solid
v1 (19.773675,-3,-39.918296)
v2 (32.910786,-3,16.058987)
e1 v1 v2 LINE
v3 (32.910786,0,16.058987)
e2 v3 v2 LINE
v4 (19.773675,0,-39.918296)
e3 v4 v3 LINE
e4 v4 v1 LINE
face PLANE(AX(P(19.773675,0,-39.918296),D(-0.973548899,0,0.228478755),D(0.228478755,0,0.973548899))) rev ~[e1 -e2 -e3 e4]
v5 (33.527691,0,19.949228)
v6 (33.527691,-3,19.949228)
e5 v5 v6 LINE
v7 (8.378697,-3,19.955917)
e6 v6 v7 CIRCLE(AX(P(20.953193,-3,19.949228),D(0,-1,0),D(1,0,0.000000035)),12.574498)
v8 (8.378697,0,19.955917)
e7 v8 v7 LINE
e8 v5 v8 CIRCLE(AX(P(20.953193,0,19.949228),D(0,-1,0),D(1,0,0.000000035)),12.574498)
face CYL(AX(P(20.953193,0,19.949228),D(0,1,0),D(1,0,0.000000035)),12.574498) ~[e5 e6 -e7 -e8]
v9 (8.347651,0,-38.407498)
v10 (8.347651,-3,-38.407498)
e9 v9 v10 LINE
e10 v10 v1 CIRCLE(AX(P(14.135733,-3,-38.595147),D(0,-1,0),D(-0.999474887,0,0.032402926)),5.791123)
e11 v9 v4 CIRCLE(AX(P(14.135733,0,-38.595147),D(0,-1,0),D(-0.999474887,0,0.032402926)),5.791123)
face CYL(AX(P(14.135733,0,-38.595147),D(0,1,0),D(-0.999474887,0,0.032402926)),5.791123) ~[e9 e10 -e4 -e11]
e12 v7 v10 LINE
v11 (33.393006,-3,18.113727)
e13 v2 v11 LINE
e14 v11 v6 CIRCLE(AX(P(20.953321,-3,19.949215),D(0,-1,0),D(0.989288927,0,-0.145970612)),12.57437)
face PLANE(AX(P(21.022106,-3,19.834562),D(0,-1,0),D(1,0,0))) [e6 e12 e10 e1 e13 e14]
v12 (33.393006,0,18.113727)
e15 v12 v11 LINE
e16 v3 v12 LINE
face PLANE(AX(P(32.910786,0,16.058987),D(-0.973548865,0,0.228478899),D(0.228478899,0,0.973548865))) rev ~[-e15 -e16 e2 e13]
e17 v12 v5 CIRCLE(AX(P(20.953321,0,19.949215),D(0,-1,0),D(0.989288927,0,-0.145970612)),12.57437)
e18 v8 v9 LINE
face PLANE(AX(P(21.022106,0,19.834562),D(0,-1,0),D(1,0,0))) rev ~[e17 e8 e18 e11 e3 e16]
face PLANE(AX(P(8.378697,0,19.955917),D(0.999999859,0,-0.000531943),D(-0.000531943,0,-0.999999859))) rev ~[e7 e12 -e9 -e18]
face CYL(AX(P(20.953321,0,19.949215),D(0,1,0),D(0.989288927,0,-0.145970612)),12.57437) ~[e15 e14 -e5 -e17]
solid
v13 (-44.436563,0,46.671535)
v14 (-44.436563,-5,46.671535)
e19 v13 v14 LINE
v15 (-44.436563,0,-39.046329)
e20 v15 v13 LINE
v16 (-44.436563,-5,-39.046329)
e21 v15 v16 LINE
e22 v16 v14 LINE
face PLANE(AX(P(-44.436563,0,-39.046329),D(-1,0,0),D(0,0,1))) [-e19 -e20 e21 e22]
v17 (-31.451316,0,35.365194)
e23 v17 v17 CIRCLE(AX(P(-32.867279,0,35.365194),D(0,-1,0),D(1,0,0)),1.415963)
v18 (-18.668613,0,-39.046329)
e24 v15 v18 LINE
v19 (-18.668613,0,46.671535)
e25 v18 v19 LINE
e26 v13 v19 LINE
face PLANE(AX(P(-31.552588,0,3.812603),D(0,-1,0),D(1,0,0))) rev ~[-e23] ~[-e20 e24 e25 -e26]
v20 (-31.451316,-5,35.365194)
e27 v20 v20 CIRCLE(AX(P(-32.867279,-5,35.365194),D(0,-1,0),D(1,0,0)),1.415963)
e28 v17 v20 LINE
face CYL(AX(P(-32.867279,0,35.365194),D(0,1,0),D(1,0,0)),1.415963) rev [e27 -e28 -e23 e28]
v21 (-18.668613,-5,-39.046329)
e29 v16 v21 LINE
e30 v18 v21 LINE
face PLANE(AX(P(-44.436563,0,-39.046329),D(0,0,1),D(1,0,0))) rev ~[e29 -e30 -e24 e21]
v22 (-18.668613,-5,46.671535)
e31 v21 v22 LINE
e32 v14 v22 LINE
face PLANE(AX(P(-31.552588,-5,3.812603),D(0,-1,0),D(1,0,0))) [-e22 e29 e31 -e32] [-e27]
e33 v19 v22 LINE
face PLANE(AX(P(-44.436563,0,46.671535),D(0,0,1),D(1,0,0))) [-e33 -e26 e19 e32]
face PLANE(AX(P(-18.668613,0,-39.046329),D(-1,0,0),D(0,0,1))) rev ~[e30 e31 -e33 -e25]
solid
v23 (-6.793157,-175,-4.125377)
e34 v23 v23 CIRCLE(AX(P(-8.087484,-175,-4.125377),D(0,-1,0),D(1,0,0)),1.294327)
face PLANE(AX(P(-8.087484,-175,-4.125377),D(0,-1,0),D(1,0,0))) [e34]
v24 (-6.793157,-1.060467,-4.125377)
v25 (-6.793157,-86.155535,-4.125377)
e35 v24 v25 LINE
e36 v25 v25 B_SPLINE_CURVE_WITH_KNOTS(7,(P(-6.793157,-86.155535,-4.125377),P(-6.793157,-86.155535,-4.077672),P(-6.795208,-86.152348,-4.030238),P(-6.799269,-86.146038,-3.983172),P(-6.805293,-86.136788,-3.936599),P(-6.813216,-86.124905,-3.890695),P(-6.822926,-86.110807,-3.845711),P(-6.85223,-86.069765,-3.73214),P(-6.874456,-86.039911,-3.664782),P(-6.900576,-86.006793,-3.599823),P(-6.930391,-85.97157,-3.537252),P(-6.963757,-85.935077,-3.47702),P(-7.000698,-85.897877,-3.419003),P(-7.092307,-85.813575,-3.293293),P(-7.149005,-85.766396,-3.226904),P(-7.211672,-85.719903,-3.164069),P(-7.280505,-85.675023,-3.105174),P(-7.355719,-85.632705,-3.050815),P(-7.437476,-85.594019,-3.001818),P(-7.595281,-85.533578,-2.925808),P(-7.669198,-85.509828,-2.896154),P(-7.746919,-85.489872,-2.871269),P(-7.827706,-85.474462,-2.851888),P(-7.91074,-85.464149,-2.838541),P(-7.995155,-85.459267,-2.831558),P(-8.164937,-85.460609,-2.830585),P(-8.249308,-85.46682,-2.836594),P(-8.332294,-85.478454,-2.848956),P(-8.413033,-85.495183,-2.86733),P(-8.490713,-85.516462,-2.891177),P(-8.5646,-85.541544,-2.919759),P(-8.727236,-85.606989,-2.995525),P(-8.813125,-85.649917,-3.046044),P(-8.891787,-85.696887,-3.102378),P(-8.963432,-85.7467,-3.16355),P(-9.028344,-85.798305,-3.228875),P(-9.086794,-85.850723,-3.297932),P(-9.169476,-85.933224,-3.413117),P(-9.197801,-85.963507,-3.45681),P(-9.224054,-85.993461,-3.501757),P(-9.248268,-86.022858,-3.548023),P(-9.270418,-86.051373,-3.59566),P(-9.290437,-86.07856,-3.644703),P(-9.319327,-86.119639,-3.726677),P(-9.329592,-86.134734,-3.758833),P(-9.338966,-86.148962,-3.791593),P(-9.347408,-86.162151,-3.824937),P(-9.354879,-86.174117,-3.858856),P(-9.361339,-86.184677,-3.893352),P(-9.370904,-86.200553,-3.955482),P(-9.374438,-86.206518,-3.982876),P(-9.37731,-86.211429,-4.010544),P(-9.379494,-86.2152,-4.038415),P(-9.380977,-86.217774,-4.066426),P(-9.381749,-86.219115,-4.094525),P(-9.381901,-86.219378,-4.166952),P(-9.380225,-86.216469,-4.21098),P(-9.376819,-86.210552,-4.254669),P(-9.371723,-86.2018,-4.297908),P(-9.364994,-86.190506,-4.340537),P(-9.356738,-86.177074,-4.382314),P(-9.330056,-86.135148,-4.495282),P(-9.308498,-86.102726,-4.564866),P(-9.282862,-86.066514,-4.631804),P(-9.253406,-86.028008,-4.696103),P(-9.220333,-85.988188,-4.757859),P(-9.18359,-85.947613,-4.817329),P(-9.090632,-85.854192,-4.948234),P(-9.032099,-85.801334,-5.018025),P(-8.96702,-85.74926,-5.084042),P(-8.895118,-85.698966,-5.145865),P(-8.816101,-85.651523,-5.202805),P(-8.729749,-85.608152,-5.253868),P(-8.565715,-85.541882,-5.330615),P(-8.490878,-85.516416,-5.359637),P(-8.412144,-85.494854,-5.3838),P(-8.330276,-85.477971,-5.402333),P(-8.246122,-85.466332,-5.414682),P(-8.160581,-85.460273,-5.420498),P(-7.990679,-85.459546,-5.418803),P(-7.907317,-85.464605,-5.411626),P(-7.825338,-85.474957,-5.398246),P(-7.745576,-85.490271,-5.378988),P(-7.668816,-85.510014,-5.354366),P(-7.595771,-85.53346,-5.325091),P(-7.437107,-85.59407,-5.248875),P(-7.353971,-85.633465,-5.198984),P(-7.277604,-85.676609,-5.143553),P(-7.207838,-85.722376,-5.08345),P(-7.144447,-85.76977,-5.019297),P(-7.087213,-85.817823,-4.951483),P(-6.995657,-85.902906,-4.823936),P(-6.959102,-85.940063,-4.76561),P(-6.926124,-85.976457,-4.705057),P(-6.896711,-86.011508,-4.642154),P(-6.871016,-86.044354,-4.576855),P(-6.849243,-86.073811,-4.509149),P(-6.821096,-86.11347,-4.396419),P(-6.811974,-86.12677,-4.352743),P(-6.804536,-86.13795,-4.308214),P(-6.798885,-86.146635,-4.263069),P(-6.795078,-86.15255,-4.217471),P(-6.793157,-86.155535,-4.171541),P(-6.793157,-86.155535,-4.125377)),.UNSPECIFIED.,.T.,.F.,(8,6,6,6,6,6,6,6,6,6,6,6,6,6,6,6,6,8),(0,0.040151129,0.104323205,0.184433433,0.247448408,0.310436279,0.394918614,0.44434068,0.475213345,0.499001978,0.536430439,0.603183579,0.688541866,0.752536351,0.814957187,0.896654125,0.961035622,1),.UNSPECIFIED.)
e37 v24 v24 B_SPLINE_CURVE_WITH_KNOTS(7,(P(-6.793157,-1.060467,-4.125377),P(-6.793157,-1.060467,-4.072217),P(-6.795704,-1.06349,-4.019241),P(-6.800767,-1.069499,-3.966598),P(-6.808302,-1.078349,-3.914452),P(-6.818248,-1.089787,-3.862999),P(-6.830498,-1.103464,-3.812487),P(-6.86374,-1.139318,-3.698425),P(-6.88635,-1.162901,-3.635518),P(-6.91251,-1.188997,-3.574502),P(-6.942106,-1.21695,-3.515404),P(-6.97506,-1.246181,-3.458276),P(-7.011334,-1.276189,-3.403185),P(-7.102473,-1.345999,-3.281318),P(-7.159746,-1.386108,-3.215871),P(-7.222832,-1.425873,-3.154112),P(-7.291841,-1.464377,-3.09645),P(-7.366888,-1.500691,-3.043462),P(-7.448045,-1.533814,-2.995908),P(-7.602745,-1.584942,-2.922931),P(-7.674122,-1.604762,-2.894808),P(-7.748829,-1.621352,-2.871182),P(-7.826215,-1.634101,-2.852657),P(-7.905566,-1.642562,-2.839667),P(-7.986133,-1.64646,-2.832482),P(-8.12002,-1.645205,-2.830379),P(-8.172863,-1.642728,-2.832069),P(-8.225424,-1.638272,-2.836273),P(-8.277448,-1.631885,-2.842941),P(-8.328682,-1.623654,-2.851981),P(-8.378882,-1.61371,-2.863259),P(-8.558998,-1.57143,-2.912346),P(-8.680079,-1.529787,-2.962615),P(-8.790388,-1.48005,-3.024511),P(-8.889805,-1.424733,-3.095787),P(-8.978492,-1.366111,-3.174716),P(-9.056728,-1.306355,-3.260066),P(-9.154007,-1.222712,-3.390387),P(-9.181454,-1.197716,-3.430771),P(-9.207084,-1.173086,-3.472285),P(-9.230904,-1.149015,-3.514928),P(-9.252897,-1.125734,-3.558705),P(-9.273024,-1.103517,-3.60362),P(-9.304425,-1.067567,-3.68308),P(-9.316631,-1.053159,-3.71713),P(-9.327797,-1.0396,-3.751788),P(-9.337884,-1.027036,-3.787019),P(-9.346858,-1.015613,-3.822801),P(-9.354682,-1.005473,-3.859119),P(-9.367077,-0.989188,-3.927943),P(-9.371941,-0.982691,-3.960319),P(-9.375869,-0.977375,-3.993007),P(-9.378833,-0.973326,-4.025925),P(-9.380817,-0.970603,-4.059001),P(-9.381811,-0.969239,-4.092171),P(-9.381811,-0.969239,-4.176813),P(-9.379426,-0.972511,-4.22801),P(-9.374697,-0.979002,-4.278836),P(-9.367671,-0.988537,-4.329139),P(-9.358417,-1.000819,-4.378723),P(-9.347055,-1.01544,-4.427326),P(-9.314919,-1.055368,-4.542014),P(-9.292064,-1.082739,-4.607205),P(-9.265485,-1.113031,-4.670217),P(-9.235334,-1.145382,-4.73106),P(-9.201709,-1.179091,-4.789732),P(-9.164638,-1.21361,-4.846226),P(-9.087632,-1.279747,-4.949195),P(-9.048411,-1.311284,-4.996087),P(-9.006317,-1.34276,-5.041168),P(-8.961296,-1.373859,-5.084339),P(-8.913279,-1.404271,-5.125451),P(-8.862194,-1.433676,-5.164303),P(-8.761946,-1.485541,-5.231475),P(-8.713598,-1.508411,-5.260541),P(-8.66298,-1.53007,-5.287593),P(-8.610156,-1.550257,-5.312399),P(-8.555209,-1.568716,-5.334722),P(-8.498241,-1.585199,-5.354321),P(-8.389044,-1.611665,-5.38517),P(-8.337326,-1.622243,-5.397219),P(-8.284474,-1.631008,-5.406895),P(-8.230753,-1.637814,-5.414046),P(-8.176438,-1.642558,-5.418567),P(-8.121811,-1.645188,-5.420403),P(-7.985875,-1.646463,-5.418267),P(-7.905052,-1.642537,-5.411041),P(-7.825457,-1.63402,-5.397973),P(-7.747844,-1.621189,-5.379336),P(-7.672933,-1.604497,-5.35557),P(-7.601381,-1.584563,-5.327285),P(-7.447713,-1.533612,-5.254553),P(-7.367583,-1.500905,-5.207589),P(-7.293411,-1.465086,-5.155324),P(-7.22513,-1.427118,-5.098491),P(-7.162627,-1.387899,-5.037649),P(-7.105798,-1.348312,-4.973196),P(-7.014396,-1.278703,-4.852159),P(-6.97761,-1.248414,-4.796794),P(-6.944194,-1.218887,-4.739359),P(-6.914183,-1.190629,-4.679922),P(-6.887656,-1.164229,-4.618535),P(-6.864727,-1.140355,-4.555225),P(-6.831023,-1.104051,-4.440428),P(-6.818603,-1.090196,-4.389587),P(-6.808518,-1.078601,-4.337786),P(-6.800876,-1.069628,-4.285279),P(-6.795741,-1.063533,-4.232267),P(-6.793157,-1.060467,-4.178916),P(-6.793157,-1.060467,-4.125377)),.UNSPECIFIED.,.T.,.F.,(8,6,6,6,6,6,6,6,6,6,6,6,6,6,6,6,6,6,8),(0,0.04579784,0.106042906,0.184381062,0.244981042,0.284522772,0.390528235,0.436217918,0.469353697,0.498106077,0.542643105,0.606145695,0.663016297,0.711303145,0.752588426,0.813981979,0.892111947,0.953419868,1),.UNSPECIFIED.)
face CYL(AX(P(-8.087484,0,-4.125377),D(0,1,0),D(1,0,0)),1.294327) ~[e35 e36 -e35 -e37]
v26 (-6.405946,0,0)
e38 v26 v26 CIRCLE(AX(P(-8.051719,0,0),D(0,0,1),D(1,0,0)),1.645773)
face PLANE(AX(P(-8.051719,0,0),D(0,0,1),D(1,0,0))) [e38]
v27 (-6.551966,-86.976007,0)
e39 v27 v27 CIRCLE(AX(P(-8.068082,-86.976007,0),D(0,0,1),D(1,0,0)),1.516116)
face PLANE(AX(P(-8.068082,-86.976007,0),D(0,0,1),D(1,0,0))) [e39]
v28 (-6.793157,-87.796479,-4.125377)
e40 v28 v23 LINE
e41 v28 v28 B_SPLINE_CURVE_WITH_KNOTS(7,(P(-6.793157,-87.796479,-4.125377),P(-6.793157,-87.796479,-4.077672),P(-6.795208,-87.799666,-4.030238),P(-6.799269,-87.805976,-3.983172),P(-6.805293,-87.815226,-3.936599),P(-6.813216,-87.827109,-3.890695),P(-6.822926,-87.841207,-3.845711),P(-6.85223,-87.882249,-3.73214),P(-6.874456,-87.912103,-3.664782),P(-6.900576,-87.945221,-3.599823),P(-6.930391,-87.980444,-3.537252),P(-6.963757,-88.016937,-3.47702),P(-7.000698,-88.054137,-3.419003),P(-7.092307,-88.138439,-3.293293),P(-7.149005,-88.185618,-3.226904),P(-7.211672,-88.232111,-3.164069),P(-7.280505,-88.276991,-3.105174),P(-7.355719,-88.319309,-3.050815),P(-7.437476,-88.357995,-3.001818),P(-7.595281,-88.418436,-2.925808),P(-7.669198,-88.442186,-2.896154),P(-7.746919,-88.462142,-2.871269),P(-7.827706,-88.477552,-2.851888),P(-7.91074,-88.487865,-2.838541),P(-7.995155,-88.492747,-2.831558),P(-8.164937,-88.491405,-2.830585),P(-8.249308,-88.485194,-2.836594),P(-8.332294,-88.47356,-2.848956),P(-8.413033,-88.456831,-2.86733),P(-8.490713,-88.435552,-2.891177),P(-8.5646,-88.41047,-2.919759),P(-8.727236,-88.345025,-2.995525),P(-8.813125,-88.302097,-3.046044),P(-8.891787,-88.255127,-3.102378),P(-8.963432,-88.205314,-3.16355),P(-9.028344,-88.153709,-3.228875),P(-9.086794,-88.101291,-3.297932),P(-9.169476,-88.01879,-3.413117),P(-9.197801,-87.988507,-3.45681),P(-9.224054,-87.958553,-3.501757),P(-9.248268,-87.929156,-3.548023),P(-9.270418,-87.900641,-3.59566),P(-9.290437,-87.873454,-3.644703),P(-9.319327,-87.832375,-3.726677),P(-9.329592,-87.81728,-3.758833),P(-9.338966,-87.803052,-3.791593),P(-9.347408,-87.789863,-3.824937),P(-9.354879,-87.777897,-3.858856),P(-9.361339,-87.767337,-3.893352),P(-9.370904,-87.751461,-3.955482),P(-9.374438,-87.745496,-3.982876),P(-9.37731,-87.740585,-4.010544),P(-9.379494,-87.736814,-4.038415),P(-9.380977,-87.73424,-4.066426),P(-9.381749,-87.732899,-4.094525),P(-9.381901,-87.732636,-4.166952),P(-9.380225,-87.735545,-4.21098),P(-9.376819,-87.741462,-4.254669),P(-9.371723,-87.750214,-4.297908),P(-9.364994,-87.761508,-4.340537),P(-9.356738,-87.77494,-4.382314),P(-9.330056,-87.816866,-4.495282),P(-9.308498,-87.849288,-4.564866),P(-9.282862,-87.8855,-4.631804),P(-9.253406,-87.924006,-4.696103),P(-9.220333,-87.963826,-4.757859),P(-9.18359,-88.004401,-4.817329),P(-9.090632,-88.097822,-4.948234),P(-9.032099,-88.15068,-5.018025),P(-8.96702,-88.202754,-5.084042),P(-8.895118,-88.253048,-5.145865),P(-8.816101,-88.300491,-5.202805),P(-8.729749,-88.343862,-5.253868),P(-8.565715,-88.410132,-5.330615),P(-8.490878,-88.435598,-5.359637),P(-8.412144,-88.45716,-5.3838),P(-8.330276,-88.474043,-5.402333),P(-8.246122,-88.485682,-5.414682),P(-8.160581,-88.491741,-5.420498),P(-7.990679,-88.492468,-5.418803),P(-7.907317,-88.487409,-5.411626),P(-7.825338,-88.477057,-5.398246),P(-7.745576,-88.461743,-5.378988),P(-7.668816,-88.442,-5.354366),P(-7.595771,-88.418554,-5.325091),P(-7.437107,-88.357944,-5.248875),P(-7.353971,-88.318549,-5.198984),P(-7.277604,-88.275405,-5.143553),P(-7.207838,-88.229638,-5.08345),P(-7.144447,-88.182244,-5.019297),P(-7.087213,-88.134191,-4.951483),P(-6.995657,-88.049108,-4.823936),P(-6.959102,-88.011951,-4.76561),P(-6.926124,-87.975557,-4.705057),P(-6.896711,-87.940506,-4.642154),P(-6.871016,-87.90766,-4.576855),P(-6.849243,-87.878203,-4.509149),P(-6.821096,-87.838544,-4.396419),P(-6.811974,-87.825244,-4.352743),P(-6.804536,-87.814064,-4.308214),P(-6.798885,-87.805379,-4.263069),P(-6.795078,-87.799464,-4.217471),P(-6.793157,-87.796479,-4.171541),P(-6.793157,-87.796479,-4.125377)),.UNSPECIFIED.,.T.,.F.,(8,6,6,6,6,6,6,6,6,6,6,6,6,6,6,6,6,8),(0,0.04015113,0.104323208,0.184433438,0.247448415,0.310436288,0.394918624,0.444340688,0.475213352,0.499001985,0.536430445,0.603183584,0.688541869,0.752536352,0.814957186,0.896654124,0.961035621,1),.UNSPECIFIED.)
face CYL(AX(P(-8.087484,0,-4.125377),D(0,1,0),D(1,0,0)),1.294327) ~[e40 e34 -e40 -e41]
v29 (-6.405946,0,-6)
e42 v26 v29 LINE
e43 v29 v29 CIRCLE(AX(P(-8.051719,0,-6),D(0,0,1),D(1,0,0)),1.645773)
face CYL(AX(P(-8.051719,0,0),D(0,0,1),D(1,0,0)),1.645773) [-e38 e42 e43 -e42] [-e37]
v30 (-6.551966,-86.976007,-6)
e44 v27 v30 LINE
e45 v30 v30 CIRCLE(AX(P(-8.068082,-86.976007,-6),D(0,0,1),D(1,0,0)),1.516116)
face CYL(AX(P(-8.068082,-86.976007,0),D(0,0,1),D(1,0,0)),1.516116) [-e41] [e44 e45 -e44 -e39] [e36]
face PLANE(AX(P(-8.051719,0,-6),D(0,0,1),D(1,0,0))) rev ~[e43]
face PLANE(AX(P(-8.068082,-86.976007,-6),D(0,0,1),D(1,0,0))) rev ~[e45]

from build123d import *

# Parameters (mm, degrees)
F1_DEPTH = 3
F0_R     = 1.294327
F2_DEPTH = 175
F0_W     = 25.767949
F0_H     = 85.717865
F0_R_2   = 1.415963
F3_DEPTH = 5
F4_R     = 1.645773
F4_R_2   = 1.516116
F5_DEPTH = 6


with BuildPart() as f1:
    # F0 (on Front) → F1 (new body)
    with BuildSketch(Plane.XZ):
        with BuildLine():
            ThreePointArc((33.527691, 19.949228), (20.956538, 32.523725), (8.378697, 19.955917))
            ThreePointArc((8.378697, 19.955917), (18.980465, 7.530438), (32.910786, 16.058987))
            Line((32.910786, 16.058987), (33.393006, 18.113727))
            ThreePointArc((33.393006, 18.113727), (33.493975, 19.02901), (33.527691, 19.949228))
        make_face()
        with BuildLine():
            ThreePointArc((8.347651, -38.407498), (14.22957, -32.804785), (19.926856, -38.595147))
            ThreePointArc((19.926856, -38.595147), (19.888433, -39.26114), (19.773675, -39.918296))
            Line((19.773675, -39.918296), (32.910786, 16.058987))
            ThreePointArc((32.910786, 16.058987), (18.980465, 7.530438), (8.378697, 19.955917))
            Line((8.378697, 19.955917), (8.347651, -38.407498))
        make_face()
        with BuildLine():
            ThreePointArc((19.773675, -39.918296), (19.888433, -39.26114), (19.926856, -38.595147))
            ThreePointArc((19.926856, -38.595147), (14.22957, -32.804785), (8.347651, -38.407498))
            ThreePointArc((8.347651, -38.407498), (13.376613, -44.336301), (19.773675, -39.918296))
        make_face()
    extrude(amount=F1_DEPTH)


with BuildPart() as f2:
    # F0 (on Front) → F2 (new body)
    with BuildSketch(Plane.XZ):
        with Locations((-8.087484, -4.125377)):
            Circle(F0_R)
    extrude(amount=F2_DEPTH)

    # F4 (on Top) → F5 (join)
    with BuildSketch(Plane.XY):
        with Locations((-8.051719, 0)):
            Circle(F4_R)
        with Locations((-8.068082, -86.976007)):
            Circle(F4_R_2)
    extrude(amount=-F5_DEPTH)


with BuildPart() as f3:
    # F0 (on Front) → F3 (new body)
    with BuildSketch(Plane.XZ):
        with Locations((-31.552588, 3.812603)):
            Rectangle(F0_W, F0_H)
        with Locations((-32.867279, 35.365194)):
            Circle(F0_R_2, mode=Mode.SUBTRACT)
    extrude(amount=F3_DEPTH)


solid = Compound([f1.part, f2.part, f3.part])
